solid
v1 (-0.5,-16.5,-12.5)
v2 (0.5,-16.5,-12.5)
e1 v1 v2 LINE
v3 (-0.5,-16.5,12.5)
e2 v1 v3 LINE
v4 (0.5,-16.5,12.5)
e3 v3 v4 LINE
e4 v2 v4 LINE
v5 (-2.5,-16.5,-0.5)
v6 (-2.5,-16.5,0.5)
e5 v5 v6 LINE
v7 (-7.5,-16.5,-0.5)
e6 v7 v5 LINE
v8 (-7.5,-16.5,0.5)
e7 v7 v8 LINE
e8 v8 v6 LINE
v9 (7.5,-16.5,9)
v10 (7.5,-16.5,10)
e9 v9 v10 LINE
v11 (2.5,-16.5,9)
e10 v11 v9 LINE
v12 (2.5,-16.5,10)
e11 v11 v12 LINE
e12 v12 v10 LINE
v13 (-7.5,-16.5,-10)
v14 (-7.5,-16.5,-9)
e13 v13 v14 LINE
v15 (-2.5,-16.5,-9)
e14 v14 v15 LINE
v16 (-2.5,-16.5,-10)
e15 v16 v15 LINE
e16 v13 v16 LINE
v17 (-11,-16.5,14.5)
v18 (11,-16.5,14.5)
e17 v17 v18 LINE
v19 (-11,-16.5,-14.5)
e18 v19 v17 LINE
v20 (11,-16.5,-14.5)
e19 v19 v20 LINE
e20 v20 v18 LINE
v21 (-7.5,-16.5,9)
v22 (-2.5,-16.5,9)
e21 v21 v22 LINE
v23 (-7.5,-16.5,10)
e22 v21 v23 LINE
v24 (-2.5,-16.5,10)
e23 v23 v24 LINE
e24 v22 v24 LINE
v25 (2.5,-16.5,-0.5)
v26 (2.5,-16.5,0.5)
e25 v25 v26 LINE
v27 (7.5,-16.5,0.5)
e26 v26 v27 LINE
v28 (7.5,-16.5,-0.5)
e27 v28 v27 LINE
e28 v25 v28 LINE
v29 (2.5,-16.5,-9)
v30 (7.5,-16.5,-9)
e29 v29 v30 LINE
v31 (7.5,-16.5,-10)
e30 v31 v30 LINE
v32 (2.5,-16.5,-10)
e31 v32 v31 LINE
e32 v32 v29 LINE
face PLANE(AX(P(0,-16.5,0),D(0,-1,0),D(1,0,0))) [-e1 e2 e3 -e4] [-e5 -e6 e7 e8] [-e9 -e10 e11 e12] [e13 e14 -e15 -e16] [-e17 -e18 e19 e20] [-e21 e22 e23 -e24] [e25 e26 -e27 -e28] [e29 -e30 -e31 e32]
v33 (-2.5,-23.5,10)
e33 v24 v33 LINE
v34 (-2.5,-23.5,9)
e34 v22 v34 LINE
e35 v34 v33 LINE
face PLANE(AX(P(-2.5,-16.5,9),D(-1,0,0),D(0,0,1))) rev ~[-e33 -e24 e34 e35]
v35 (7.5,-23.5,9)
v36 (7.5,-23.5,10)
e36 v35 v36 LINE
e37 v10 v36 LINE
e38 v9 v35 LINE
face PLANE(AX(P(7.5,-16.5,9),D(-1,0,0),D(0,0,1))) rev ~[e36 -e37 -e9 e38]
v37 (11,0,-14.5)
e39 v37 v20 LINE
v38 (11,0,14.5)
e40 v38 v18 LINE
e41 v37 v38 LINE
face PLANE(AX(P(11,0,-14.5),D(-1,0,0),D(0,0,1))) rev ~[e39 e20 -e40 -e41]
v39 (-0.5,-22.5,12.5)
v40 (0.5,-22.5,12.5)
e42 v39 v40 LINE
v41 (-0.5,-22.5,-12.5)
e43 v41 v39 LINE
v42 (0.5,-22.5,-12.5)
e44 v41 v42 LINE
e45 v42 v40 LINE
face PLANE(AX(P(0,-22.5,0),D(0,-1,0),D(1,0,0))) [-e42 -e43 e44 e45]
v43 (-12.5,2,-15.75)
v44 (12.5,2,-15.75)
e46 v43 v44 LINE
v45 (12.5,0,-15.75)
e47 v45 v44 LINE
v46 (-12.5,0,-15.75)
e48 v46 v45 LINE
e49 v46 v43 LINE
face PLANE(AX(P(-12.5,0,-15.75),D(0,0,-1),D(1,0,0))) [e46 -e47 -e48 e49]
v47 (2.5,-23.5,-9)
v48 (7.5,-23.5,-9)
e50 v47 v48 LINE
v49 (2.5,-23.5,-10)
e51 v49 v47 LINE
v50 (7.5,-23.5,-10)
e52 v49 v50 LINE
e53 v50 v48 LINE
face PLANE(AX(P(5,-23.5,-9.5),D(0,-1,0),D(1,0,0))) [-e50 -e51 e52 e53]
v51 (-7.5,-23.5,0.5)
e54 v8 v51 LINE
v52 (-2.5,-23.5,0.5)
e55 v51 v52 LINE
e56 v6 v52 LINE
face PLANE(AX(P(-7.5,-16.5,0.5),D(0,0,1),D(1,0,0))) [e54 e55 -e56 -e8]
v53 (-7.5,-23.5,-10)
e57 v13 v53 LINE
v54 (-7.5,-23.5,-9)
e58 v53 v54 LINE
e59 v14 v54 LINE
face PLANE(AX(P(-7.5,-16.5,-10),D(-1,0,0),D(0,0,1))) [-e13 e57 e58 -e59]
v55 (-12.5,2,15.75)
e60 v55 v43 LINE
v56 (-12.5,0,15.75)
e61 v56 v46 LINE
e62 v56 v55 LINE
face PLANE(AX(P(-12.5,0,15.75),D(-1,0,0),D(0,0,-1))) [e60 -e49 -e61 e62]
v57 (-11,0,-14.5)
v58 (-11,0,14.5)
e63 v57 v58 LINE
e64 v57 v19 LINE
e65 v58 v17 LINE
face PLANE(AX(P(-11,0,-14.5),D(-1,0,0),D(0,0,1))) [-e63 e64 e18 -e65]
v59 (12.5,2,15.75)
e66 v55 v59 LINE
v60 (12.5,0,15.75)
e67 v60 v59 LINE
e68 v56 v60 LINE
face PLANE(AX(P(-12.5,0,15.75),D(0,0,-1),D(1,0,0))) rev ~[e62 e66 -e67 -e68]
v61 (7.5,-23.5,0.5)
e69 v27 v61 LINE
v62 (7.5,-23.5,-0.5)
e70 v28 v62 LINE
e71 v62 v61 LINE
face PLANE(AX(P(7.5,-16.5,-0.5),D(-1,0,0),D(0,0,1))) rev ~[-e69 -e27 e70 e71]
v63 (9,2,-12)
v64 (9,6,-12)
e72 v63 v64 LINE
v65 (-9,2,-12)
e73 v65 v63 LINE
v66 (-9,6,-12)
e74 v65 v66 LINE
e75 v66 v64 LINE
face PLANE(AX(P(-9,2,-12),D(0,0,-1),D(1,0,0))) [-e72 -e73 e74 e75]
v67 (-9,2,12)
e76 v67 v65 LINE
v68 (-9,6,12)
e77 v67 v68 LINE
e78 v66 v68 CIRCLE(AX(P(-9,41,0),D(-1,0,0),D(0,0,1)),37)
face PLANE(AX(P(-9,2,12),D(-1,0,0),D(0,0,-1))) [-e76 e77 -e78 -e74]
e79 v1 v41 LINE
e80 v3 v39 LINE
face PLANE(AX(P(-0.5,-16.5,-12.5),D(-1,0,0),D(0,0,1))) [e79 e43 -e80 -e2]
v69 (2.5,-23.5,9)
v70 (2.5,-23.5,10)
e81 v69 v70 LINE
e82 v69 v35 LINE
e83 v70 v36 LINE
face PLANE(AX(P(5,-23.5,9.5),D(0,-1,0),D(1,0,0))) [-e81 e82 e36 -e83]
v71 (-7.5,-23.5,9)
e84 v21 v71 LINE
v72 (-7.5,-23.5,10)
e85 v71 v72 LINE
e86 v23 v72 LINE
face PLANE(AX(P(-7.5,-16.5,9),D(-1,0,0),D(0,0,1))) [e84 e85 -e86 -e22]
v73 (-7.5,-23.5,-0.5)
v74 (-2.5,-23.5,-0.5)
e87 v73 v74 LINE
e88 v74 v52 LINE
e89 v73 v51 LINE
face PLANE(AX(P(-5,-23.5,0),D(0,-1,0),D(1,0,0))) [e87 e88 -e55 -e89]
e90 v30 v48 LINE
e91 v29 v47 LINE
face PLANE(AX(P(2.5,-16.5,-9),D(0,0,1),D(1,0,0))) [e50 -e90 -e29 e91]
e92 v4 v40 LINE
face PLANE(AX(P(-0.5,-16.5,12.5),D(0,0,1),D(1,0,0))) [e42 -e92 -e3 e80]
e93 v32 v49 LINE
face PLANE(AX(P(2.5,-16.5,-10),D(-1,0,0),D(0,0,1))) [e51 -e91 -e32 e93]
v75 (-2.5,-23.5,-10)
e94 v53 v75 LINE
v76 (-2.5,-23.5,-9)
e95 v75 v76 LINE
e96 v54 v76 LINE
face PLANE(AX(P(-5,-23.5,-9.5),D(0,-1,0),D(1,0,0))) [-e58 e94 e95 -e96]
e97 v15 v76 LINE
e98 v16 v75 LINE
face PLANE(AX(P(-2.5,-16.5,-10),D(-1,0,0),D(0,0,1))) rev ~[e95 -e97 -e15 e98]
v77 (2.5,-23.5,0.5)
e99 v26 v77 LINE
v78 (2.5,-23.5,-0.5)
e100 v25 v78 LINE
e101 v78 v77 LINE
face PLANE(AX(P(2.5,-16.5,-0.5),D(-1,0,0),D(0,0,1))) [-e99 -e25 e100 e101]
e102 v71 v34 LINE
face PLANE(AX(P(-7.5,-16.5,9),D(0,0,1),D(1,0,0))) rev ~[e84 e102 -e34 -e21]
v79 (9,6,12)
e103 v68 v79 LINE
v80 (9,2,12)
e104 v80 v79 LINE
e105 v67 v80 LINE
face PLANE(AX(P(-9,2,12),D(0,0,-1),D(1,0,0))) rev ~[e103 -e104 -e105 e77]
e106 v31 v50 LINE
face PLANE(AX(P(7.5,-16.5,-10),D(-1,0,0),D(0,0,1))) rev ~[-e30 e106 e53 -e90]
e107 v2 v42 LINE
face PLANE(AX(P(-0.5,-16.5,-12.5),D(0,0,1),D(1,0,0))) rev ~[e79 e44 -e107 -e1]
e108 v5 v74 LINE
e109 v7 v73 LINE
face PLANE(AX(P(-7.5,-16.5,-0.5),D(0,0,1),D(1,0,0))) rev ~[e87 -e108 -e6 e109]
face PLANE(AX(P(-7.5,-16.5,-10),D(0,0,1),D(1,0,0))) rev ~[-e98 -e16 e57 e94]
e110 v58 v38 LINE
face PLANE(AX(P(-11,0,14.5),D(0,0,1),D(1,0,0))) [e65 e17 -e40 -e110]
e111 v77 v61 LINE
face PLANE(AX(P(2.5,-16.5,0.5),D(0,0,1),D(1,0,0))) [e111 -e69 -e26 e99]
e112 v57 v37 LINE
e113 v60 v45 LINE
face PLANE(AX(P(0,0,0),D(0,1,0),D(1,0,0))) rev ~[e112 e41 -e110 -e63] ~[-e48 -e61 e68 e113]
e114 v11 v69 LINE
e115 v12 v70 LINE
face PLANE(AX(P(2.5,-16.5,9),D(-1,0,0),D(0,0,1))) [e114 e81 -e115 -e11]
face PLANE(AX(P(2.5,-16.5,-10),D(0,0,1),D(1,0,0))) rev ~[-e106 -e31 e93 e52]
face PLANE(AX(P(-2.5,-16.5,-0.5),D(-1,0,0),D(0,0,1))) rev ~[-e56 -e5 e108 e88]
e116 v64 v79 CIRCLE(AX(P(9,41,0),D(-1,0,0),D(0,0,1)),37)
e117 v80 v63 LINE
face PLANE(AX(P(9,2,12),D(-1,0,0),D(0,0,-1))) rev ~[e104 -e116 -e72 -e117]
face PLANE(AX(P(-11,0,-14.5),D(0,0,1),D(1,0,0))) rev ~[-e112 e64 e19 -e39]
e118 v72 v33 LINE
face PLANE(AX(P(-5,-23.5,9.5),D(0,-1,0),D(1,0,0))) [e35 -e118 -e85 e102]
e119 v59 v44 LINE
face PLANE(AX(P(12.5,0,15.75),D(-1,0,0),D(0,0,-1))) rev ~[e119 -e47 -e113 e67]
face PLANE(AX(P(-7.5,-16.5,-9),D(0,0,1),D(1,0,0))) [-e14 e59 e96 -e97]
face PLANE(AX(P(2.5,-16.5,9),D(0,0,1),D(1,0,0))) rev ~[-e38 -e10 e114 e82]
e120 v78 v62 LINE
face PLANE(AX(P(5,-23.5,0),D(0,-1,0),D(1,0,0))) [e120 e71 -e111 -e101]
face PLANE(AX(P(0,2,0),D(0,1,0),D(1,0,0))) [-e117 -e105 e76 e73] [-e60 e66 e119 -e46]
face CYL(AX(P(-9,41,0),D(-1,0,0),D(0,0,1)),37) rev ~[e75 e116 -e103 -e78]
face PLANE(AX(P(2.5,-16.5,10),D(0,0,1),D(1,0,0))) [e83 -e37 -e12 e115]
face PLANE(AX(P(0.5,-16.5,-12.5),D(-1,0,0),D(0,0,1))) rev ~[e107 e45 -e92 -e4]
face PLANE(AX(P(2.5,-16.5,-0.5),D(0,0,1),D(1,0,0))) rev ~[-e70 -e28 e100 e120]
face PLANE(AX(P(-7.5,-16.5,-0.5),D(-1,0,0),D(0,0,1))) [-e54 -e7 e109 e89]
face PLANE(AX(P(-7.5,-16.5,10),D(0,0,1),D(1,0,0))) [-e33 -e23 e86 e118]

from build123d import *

# Parameters (mm, degrees)
SKIZZE1_W                       = 25
SKIZZE1_H                       = 31.5
AUFSATZ_LINEAR_AUSTRAGEN1_DEPTH = 2
SKIZZE2_W                       = 22
SKIZZE2_H                       = 29
AUFSATZ_LINEAR_AUSTRAGEN2_DEPTH = 16.5
SKIZZE3_W                       = 1
SKIZZE3_H                       = 25
AUFSATZ_LINEAR_AUSTRAGEN3_DEPTH = 6
SKIZZE4_W                       = 5
SKIZZE4_H                       = 1
AUFSATZ_LINEAR_AUSTRAGEN4_DEPTH = 7
SKIZZE5_W                       = 18
SKIZZE5_H                       = 24
AUFSATZ_LINEAR_AUSTRAGEN5_DEPTH = 4
SKIZZE6_R                       = 37
SCHNITT_LINEAR_AUSTRAGEN1_DEPTH = 36.532555495


with BuildPart() as part:
    # Skizze1 → Aufsatz-Linear austragen1 (new body)
    with BuildSketch(Plane(origin=(0, 0, 0), x_dir=(1, 0, 0), z_dir=(0, 1, 0))):
        Rectangle(SKIZZE1_W, SKIZZE1_H)
    extrude(amount=AUFSATZ_LINEAR_AUSTRAGEN1_DEPTH)

    # Skizze2 → Aufsatz-Linear austragen2 (add)
    with BuildSketch(Plane.XZ):
        Rectangle(SKIZZE2_W, SKIZZE2_H)
    extrude(amount=AUFSATZ_LINEAR_AUSTRAGEN2_DEPTH)

    # Skizze3 → Aufsatz-Linear austragen3 (add)
    with BuildSketch(Plane.XZ.offset(16.5)):
        Rectangle(SKIZZE3_W, SKIZZE3_H)
    extrude(amount=AUFSATZ_LINEAR_AUSTRAGEN3_DEPTH)

    # Skizze4 → Aufsatz-Linear austragen4 (add)
    with BuildSketch(Plane.XZ.offset(16.5)):
        with Locations((-5, 9.5)):
            Rectangle(SKIZZE4_W, SKIZZE4_H)
        with Locations((-5, 0)):
            Rectangle(SKIZZE4_W, SKIZZE4_H)
        with Locations((-5, -9.5)):
            Rectangle(SKIZZE4_W, SKIZZE4_H)
        with Locations((5, -9.5)):
            Rectangle(SKIZZE4_W, SKIZZE4_H)
        with Locations((5, 0)):
            Rectangle(SKIZZE4_W, SKIZZE4_H)
        with Locations((5, 9.5)):
            Rectangle(SKIZZE4_W, SKIZZE4_H)
    extrude(amount=AUFSATZ_LINEAR_AUSTRAGEN4_DEPTH)

    # Skizze5 → Aufsatz-Linear austragen5 (add)
    with BuildSketch(Plane(origin=(0, 2, 0), x_dir=(1, 0, 0), z_dir=(0, 1, 0))):
        Rectangle(SKIZZE5_W, SKIZZE5_H)
    extrude(amount=AUFSATZ_LINEAR_AUSTRAGEN5_DEPTH)

    # Skizze6 → Schnitt-Linear austragen1 (cut, through all)
    with BuildSketch(Plane.ZY.offset(9)):
        with Locations((0, 41)):
            Circle(SKIZZE6_R)
    extrude(amount=-SCHNITT_LINEAR_AUSTRAGEN1_DEPTH, mode=Mode.SUBTRACT)


solid = part.part
